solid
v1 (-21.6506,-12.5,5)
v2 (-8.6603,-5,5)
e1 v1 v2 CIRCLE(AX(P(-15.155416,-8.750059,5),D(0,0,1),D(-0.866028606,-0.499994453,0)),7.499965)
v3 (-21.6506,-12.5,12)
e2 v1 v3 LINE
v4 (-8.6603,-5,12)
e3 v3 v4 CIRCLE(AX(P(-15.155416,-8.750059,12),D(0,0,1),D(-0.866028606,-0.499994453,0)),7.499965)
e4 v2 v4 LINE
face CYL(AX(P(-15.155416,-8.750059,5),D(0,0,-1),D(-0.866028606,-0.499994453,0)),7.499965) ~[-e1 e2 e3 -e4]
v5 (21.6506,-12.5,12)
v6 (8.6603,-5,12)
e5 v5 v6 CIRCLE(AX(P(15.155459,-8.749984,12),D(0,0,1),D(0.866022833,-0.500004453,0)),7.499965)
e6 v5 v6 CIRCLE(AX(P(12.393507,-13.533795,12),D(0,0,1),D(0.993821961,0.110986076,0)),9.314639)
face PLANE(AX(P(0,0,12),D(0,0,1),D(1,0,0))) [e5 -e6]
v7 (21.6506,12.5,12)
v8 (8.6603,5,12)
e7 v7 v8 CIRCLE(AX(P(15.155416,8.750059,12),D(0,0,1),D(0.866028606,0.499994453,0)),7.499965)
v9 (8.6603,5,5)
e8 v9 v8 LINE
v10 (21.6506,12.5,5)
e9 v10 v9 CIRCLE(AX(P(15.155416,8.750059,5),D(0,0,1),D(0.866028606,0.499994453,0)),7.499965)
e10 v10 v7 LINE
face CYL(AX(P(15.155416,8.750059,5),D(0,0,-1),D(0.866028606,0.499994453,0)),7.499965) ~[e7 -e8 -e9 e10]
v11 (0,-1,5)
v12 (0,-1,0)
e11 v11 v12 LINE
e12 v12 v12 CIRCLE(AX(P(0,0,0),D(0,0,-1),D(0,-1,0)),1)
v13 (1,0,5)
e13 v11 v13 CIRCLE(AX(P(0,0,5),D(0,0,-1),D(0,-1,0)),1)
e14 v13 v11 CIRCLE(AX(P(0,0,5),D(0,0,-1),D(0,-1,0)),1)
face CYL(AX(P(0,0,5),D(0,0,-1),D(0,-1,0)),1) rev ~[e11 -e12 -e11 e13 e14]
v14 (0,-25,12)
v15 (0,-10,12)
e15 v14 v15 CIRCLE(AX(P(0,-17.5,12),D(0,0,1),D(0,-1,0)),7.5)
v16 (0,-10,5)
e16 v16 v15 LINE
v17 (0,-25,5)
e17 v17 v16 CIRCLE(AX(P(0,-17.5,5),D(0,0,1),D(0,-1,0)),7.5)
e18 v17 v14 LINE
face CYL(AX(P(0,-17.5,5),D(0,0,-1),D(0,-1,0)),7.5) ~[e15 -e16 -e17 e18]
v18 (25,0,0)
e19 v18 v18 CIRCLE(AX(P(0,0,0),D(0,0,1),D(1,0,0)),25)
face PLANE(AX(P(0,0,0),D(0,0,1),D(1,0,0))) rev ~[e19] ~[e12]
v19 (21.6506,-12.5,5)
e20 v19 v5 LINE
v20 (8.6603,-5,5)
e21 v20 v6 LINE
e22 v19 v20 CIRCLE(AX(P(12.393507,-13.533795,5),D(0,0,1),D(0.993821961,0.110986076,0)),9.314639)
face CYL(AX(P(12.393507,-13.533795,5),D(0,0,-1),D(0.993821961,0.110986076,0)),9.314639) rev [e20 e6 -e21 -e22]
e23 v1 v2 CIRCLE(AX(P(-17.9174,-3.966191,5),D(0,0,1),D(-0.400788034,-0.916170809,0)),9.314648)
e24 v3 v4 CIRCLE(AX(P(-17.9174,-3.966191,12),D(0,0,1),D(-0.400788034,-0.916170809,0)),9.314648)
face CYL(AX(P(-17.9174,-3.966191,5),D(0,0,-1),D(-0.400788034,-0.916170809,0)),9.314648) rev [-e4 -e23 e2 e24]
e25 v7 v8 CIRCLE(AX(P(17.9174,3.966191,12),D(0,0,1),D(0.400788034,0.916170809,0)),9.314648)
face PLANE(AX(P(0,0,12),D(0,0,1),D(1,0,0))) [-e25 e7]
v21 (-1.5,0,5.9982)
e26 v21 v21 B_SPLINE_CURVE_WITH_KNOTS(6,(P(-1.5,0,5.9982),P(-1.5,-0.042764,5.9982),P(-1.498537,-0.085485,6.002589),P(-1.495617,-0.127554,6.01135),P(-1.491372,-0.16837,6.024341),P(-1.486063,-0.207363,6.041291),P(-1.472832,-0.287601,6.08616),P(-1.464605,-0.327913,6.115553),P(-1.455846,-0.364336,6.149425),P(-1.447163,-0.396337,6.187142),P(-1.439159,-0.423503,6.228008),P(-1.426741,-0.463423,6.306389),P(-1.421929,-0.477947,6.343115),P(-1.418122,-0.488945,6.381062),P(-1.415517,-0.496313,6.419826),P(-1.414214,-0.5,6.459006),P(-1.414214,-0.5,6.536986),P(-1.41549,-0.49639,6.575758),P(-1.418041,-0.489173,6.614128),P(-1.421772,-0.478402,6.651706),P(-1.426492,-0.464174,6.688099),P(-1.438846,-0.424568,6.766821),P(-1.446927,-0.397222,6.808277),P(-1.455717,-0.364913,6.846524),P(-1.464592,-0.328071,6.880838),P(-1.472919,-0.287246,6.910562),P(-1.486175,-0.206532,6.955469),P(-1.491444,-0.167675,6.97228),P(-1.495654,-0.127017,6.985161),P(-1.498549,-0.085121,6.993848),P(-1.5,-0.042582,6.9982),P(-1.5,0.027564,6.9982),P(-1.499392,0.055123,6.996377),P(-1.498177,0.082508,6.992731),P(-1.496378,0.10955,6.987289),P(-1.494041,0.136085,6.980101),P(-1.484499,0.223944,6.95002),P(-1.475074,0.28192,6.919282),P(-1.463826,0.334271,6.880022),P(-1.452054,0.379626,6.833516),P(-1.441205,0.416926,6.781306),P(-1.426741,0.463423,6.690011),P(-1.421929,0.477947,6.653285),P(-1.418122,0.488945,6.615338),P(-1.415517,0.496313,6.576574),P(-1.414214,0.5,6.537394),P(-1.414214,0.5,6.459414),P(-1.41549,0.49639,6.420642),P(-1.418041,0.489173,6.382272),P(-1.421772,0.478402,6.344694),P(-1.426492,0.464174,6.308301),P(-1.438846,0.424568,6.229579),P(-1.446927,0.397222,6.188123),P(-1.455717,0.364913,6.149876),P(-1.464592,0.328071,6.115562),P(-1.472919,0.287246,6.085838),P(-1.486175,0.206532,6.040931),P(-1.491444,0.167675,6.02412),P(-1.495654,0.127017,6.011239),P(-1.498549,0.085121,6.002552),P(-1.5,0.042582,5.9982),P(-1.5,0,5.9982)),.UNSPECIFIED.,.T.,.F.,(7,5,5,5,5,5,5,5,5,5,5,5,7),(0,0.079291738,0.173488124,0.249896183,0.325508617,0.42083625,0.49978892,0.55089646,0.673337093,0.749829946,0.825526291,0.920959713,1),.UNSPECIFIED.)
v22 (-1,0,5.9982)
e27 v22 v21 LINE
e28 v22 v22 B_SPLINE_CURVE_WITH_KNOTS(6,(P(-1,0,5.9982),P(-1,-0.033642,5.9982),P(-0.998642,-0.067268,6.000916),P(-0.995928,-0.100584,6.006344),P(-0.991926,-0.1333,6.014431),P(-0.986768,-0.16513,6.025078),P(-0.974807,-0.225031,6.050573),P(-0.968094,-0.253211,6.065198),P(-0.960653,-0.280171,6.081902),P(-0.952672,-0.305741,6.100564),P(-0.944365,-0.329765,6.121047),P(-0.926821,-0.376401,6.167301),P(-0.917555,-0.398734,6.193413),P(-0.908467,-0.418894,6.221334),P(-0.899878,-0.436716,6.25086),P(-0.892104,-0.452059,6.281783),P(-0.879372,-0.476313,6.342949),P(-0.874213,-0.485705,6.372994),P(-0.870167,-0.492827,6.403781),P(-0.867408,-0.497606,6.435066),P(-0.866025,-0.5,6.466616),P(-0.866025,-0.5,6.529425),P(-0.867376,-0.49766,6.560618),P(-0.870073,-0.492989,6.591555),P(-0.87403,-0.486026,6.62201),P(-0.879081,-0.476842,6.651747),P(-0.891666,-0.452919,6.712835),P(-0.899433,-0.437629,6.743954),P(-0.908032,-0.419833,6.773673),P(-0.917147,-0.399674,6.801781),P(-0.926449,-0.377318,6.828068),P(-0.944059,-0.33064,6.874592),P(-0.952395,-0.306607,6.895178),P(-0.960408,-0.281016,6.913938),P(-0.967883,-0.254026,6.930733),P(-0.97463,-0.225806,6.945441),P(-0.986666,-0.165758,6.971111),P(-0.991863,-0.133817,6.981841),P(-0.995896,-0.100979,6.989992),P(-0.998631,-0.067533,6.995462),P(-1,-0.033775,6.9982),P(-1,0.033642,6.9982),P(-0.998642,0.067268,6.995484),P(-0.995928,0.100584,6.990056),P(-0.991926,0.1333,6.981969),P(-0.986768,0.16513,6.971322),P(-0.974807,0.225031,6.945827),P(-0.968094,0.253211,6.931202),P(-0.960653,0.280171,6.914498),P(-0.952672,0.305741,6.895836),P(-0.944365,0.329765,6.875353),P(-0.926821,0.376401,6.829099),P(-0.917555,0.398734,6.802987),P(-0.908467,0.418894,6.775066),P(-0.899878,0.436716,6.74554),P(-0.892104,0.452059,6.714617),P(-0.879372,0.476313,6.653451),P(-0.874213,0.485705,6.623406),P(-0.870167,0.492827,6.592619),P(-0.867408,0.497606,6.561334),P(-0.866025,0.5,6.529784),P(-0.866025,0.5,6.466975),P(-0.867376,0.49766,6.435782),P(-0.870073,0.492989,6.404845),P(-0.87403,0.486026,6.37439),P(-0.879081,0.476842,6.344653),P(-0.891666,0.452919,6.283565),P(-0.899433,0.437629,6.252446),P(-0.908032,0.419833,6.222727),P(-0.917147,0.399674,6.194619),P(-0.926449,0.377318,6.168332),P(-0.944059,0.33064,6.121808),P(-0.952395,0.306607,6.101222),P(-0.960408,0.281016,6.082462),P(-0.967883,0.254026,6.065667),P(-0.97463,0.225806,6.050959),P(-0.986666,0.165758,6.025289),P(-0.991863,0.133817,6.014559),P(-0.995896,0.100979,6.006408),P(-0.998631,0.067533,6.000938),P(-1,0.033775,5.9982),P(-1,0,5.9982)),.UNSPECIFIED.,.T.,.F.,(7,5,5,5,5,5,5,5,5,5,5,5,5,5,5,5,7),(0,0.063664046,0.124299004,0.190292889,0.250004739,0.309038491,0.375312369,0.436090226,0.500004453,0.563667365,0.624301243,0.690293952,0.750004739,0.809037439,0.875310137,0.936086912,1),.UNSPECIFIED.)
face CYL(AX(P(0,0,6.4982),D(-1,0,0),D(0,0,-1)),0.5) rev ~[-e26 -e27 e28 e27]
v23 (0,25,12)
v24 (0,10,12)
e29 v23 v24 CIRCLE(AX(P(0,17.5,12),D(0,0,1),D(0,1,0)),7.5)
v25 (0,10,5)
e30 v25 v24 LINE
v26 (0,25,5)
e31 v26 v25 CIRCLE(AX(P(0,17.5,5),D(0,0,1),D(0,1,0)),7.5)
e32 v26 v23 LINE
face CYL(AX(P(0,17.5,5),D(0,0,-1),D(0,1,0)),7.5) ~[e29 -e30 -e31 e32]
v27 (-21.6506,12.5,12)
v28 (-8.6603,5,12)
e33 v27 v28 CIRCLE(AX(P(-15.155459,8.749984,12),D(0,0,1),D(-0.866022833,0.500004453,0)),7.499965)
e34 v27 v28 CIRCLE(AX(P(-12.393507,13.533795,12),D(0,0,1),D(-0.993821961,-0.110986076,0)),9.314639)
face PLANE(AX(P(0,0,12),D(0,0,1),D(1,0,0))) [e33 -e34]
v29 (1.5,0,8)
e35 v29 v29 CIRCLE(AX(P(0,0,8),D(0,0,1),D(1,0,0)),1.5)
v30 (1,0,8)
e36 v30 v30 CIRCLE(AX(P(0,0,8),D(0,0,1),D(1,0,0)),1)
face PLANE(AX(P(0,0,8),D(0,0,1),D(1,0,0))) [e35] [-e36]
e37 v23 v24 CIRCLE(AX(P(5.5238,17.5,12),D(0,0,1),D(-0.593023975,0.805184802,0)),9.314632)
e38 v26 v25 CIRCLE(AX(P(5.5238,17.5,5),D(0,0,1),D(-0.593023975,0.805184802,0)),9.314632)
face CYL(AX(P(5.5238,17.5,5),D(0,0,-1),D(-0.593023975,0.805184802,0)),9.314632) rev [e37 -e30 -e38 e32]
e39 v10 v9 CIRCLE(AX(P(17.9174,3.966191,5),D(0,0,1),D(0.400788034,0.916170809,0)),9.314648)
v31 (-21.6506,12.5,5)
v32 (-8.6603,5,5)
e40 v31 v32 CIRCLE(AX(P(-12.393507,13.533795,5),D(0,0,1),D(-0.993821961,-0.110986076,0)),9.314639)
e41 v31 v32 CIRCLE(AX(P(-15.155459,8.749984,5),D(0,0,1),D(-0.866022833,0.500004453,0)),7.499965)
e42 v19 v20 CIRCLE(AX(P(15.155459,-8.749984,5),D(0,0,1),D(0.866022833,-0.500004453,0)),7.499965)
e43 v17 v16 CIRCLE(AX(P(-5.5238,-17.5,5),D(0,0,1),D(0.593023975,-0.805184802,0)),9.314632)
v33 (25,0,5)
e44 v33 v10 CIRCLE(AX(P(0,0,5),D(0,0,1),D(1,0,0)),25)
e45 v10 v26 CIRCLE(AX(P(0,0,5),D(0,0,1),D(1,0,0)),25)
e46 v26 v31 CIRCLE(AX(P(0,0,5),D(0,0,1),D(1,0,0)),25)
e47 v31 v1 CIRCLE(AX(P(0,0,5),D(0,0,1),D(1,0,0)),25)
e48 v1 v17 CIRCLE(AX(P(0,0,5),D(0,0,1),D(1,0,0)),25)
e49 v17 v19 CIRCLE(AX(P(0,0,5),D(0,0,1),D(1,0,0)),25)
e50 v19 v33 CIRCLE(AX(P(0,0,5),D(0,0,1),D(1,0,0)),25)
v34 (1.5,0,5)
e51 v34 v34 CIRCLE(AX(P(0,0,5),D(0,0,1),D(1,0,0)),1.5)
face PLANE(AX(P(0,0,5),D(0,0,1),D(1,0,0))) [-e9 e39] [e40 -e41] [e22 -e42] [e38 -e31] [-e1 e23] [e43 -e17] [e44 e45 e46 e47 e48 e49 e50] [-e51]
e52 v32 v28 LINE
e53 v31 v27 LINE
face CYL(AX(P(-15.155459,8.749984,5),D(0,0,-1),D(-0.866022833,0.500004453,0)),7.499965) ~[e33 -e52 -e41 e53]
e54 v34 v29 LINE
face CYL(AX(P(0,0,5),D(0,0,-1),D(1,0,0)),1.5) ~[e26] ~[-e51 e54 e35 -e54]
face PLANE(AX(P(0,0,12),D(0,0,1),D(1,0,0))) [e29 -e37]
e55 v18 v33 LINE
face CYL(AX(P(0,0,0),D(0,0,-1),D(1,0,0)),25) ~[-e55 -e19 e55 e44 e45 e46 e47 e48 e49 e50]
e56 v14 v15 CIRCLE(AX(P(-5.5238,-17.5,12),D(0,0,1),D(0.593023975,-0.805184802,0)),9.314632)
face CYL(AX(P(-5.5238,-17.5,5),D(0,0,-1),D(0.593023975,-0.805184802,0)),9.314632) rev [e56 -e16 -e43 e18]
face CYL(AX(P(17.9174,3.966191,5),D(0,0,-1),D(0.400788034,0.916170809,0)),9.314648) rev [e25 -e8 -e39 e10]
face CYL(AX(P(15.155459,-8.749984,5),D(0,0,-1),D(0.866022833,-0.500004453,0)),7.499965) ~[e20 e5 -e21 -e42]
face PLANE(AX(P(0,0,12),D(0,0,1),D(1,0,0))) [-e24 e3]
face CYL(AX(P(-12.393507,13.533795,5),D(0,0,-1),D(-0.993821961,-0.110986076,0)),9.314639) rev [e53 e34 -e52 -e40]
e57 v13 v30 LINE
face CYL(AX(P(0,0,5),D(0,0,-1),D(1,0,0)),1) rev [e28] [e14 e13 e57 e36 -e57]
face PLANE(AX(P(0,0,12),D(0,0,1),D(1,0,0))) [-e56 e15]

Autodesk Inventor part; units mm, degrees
ref_plane "YZ Plane" through (0, 0, 0) normal (1, 0, 0) x (0, 1, 0)
ref_plane "XZ Plane" through (0, 0, 0) normal (0, 1, 0) x (-1, 0, 0)
ref_plane "XY Plane" through (0, 0, 0) normal (0, 0, 1) x (1, 0, 0)
sketch "スケッチ1" plane through (0, 0, 0) normal (0, 0, 1) x (1, 0, 0)
  circle A0 centre (0, 0) radius 25
  dimension "d0" = 50
extrude "押し出し1" add sketch "スケッチ1" along normal blind 5
sketch "スケッチ2" plane through (0, 0, 5) normal (0, 0, 1) x (1, 0, 0)
  circle A0 centre (0, 0) radius 10
  circle A1 centre (0, 0) radius 25 projected
  arc A2 (0, 25) -> (0, 10) centre (0, 17.5) ccw
  arc A3 (0, 25) -> (0, 10) centre (5.5238, 17.5) ccw
  arc A4 (-21.6506, 12.5) -> (-8.6603, 5) centre (-12.3935, 13.5338) ccw
  arc A5 (-21.6506, 12.5) -> (-8.6603, 5) centre (-15.1554, 8.75) ccw
  arc A6 (-21.6506, -12.5) -> (-8.6603, -5) centre (-17.9174, -3.9662) ccw
  arc A7 (-21.6506, -12.5) -> (-8.6603, -5) centre (-15.1554, -8.75) ccw
  arc A8 (0, -25) -> (0, -10) centre (-5.5238, -17.5) ccw
  arc A9 (0, -25) -> (0, -10) centre (0, -17.5) ccw
  arc A10 (21.6506, -12.5) -> (8.6603, -5) centre (12.3935, -13.5338) ccw
  arc A11 (21.6506, -12.5) -> (8.6603, -5) centre (15.1554, -8.75) ccw
  arc A12 (21.6506, 12.5) -> (8.6603, 5) centre (17.9174, 3.9662) ccw
  arc A13 (21.6506, 12.5) -> (8.6603, 5) centre (15.1554, 8.75) ccw
  dimension "d3" = 20
  dimension "d6" = 360
extrude "押し出し2" add sketch "スケッチ2" along normal blind 7 contours A13 A12 | A11 A10 | A2 A3 | A9 A8 | A5 A4 | A7 A6
sketch "スケッチ3" plane through (0, 0, 5) normal (0, 0, 1) x (1, 0, 0)
  point P0 (0, 0)
hole "穴1" at (0, 0, 5) direction (0, 0, -1) diameter 2 depth 8.8 tip angle 118
sketch "スケッチ6" plane through (0, 0, 5) normal (0, 0, 1) x (1, 0, 0)
  circle A0 centre (0, 0) radius 1 projected
  circle A1 centre (0, 0) radius 1.5
  dimension "d17" = 3
extrude "押し出し3" add sketch "スケッチ6" along normal blind 3
sketch "スケッチ8" plane through (0, 0, 0) normal (1, 0, 0) x (0, 1, 0)
  point P0 (0, 0)
  point P1 (0, 6.4982)
hole "穴2" at (0, 0, 6.4982) direction (-1, 0, 0) diameter 1 depth 2 tip angle 118
properties part number "20220627_fan2"
